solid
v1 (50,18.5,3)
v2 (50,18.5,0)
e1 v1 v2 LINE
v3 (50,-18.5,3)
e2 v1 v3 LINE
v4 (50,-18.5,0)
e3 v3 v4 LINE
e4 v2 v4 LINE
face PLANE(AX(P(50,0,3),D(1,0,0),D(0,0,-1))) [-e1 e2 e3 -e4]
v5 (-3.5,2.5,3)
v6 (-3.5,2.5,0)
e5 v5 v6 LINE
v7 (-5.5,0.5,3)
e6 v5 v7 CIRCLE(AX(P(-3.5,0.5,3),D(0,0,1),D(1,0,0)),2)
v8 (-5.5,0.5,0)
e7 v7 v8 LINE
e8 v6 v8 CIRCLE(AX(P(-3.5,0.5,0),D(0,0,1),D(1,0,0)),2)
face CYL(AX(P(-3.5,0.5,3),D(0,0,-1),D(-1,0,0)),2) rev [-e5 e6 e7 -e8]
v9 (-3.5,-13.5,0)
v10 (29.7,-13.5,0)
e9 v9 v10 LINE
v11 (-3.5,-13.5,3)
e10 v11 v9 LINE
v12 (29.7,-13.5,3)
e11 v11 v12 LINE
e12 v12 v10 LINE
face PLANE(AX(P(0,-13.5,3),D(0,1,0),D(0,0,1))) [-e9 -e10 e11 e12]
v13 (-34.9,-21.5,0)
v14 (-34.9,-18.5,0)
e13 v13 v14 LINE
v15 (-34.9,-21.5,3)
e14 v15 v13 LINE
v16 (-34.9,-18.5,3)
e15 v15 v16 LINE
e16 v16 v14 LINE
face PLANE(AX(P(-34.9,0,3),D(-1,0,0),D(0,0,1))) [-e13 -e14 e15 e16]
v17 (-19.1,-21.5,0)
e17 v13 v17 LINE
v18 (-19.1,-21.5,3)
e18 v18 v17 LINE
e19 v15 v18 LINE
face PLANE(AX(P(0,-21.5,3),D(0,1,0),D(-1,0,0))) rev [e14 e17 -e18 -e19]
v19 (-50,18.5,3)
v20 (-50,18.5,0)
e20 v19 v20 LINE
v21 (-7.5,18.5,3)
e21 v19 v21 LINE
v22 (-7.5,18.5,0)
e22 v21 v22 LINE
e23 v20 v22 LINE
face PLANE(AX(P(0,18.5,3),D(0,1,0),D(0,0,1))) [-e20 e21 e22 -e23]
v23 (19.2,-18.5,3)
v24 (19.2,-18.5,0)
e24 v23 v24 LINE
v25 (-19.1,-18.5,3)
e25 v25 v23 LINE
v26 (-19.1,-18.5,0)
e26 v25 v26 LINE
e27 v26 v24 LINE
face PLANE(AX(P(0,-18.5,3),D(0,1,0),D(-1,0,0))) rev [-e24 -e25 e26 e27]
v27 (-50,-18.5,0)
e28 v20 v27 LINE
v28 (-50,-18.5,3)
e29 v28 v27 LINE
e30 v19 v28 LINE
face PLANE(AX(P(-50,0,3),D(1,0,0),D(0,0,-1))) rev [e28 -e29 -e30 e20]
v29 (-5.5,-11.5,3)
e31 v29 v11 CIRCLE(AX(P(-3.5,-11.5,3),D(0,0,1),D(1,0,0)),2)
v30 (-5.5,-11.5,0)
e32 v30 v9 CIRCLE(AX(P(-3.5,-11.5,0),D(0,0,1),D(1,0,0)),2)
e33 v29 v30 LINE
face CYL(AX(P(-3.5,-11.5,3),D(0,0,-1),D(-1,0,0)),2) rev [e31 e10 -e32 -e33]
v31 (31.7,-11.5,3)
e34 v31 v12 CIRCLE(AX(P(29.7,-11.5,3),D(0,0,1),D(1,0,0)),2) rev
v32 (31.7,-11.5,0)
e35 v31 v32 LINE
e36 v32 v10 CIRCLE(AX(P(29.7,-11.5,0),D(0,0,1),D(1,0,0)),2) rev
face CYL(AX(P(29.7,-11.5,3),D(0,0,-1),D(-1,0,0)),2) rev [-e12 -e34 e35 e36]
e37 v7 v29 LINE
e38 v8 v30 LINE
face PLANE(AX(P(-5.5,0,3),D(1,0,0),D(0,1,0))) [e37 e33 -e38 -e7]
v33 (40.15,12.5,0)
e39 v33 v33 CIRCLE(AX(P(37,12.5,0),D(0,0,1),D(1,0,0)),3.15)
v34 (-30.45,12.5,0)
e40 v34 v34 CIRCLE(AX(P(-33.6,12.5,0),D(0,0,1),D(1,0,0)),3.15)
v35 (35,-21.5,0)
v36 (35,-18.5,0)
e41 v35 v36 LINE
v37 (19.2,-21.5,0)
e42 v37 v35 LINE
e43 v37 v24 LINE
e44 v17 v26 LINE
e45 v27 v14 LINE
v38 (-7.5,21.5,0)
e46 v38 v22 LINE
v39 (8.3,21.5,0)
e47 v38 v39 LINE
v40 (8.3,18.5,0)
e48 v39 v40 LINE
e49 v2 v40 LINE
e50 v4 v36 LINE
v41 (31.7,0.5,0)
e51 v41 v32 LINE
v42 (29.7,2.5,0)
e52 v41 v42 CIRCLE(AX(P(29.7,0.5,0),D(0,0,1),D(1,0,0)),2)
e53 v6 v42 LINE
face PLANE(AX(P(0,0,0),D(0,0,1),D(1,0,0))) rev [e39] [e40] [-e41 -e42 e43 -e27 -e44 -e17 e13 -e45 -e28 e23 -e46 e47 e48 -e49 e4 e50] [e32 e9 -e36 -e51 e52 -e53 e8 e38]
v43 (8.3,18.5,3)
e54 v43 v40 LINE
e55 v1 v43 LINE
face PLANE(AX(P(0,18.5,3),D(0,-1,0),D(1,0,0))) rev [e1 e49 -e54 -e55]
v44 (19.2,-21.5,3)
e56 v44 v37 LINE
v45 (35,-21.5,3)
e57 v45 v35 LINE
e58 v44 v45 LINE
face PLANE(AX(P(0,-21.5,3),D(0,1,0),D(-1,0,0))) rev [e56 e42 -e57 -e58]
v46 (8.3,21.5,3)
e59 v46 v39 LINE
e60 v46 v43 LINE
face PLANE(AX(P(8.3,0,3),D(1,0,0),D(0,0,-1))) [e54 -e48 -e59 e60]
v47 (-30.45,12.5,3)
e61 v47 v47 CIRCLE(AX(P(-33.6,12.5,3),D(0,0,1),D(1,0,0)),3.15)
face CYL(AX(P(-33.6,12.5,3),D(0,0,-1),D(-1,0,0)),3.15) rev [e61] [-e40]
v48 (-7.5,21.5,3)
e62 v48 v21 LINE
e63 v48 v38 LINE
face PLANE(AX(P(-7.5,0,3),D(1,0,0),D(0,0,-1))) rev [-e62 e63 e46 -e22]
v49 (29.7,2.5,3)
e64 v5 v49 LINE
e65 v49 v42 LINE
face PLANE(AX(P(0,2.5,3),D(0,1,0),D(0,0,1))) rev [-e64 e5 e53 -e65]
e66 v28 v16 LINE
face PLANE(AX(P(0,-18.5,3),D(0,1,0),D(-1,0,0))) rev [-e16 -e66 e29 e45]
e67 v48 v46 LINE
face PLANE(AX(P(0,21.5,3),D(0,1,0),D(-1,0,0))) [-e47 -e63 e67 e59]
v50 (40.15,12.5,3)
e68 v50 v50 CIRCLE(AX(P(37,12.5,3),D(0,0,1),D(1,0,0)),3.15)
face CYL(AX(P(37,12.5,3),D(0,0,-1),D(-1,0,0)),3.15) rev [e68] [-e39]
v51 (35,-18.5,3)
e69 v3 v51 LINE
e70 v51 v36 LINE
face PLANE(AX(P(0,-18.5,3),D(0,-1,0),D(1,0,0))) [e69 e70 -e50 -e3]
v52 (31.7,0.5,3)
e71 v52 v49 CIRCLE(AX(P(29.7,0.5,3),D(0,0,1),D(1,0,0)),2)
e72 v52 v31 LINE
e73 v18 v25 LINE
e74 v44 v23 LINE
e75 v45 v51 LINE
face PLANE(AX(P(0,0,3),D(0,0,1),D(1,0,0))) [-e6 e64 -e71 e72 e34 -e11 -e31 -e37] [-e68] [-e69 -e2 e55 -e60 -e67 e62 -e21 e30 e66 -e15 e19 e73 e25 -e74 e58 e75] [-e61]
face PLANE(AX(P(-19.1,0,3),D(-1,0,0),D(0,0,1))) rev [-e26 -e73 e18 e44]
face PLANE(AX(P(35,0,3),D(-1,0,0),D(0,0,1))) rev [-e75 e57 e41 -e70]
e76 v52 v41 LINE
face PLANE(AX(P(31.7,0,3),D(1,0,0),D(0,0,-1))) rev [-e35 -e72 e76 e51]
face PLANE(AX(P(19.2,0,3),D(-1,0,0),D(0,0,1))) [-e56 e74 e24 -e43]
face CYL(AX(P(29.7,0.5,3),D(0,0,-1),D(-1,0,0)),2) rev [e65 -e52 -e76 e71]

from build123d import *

# Parameters (mm, degrees)
CROQUIS1_R              = 3.15
SALIENTE_EXTRUIR1_DEPTH = 3


with BuildPart() as part:
    # Croquis1 → Saliente-Extruir1 (new body)
    with BuildSketch(Plane.XY):
        Polygon((8.3, 21.5), (-7.5, 21.5), (-7.5, 18.5), (-50, 18.5), (-50, -18.5), (-34.9, -18.5), (-34.9, -21.5), (-19.1, -21.5), (-19.1, -18.5), (19.2, -18.5), (19.2, -21.5), (35, -21.5), (35, -18.5), (50, -18.5), (50, 18.5), (8.3, 18.5), align=None)
        with BuildLine():
            ThreePointArc((-5.5, 0.5), (-4.914213562, 1.914213562), (-3.5, 2.5))
            Line((-3.5, 2.5), (29.7, 2.5))
            ThreePointArc((29.7, 2.5), (31.114213562, 1.914213562), (31.7, 0.5))
            Line((31.7, 0.5), (31.7, -11.5))
            ThreePointArc((31.7, -11.5), (31.114213562, -12.914213562), (29.7, -13.5))
            Line((29.7, -13.5), (-3.5, -13.5))
            ThreePointArc((-3.5, -13.5), (-4.914213562, -12.914213562), (-5.5, -11.5))
            Line((-5.5, -11.5), (-5.5, 0.5))
        make_face(mode=Mode.SUBTRACT)
        with Locations((-33.6, 12.5)):
            Circle(CROQUIS1_R, mode=Mode.SUBTRACT)
        with Locations((37, 12.5)):
            Circle(CROQUIS1_R, mode=Mode.SUBTRACT)
    extrude(amount=SALIENTE_EXTRUIR1_DEPTH)


solid = part.part
